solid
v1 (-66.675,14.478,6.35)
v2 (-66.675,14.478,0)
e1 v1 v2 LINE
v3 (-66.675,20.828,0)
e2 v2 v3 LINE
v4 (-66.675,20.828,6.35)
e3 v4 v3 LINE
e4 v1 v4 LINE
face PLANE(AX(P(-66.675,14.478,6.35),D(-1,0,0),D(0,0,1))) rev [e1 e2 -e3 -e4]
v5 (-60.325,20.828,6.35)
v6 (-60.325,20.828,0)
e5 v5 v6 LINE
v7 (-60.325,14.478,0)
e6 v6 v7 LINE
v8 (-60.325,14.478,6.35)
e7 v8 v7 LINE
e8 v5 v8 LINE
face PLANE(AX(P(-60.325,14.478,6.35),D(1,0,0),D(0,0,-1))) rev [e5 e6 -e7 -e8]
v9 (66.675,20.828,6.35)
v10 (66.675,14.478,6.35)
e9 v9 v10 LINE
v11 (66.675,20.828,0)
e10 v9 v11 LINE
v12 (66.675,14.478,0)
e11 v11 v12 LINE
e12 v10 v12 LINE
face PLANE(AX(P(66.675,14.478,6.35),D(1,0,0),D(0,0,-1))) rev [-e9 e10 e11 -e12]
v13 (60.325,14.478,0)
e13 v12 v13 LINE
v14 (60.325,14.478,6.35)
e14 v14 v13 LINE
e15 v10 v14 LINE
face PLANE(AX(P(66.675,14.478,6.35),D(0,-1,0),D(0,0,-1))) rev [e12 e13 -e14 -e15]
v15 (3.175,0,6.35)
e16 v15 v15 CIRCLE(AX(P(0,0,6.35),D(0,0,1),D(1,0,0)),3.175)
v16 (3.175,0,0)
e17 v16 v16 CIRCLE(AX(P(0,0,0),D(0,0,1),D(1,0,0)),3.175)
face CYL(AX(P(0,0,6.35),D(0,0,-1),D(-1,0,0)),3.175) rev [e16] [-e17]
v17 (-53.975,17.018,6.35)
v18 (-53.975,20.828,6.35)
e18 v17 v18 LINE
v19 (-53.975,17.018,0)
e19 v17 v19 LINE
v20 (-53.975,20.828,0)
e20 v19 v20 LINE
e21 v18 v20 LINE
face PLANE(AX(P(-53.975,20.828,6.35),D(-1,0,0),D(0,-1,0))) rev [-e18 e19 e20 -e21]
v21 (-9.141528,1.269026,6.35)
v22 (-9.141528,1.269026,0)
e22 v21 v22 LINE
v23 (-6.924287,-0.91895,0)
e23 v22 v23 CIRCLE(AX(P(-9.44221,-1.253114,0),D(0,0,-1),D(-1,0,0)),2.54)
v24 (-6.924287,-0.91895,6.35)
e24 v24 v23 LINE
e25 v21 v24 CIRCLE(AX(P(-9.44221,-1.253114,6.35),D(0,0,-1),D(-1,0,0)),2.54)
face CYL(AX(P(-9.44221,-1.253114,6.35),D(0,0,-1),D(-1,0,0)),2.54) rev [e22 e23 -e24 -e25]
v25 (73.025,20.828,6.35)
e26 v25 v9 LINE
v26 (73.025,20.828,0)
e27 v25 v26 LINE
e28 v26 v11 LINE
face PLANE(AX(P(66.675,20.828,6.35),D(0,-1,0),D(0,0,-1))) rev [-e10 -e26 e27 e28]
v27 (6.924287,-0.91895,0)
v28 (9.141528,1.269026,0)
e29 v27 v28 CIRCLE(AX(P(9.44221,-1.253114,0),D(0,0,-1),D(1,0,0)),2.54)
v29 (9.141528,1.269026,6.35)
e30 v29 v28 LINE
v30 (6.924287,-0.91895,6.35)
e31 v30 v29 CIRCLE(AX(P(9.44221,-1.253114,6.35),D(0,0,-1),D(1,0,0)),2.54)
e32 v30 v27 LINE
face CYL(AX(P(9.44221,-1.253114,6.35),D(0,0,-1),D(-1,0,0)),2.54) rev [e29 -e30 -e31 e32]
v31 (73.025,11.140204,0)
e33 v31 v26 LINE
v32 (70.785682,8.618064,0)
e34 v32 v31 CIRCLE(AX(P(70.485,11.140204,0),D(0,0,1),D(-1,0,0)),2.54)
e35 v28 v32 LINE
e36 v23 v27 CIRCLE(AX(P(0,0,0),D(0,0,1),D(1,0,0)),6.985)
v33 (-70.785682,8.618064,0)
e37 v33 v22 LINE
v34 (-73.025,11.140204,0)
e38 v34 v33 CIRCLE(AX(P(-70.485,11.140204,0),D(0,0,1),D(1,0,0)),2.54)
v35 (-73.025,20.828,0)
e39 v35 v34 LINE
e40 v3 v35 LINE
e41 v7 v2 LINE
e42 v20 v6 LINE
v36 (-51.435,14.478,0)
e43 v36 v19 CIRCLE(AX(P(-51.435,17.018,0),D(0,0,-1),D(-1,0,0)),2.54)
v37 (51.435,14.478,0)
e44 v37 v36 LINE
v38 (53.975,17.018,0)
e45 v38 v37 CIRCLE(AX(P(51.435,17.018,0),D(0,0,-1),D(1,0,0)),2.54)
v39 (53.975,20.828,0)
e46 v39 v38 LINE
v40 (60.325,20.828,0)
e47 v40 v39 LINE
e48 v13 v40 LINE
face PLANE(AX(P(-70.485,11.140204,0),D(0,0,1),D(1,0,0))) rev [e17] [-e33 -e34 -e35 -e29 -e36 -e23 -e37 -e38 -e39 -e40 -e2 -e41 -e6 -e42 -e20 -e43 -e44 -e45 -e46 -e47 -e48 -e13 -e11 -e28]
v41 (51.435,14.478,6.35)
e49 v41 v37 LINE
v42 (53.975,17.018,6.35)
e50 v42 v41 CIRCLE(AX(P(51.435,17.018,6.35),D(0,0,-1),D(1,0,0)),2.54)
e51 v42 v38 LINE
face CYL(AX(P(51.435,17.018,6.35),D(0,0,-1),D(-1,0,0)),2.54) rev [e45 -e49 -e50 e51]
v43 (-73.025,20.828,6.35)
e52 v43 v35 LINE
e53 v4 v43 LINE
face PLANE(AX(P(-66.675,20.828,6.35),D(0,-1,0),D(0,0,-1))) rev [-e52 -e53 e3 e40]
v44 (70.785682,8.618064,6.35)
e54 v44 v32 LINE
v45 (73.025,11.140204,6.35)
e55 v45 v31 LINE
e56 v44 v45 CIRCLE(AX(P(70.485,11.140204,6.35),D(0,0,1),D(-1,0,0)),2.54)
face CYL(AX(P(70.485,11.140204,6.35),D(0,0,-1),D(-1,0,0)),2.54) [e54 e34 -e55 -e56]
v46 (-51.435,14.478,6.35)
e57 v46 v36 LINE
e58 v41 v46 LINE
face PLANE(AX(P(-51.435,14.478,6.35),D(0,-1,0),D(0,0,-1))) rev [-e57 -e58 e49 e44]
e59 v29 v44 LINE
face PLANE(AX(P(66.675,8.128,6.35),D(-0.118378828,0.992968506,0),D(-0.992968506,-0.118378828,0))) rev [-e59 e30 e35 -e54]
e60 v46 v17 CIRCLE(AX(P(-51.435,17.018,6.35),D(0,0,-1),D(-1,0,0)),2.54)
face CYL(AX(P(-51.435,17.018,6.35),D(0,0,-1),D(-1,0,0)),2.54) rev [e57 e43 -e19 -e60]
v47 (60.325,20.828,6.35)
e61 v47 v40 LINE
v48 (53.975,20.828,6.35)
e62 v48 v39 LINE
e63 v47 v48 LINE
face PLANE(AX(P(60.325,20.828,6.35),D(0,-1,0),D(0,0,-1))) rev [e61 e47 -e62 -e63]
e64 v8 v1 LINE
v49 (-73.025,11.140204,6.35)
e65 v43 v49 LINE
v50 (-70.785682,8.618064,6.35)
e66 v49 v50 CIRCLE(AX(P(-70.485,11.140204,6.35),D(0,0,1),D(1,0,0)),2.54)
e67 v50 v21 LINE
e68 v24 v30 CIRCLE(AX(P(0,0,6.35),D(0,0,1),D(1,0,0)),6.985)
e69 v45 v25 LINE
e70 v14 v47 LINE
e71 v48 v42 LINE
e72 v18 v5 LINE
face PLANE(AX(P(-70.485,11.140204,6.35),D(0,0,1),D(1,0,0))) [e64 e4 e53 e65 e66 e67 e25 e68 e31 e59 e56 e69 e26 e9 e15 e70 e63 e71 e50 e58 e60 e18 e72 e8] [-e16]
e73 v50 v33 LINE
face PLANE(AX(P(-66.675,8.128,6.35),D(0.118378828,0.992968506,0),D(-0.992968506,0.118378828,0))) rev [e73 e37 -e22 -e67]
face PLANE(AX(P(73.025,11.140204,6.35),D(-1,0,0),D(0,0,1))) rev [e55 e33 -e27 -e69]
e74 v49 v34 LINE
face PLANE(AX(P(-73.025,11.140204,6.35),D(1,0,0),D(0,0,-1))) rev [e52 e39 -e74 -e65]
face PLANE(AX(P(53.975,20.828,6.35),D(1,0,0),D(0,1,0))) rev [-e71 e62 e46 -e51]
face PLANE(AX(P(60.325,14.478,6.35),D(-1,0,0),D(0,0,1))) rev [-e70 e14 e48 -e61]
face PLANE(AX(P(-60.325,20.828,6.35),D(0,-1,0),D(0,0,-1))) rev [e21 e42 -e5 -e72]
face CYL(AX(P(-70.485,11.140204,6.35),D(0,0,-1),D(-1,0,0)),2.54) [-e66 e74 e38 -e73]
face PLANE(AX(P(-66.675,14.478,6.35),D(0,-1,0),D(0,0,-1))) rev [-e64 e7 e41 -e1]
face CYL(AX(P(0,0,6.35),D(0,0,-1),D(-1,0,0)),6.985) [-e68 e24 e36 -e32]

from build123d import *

# Parameters (mm, degrees)
SKETCH1_R      = 3.175
EXTRUDE1_DEPTH = 6.35


with BuildPart() as part:
    # Sketch1 → Extrude1 (new body)
    with BuildSketch(Plane.XY):
        with BuildLine():
            Line((-66.675, 8.128), (-9.141527829, 1.269026149))
            ThreePointArc((-9.141527829, 1.269026149), (-7.658129481, 0.554828765), (-6.924287371, -0.91895016))
            ThreePointArc((-6.924287371, -0.91895016), (0, -6.985), (6.924287371, -0.91895016))
            ThreePointArc((6.924287371, -0.91895016), (7.658129481, 0.554828765), (9.141527829, 1.269026149))
            Line((9.141527829, 1.269026149), (66.675, 8.128))
            Line((66.675, 8.128), (70.785682223, 8.618063624))
            ThreePointArc((70.785682223, 8.618063624), (72.384385802, 9.453807003), (73.025, 11.140203628))
            Line((73.025, 11.140203628), (73.025, 20.828))
            Line((73.025, 20.828), (66.675, 20.828))
            Line((66.675, 20.828), (66.675, 14.478))
            Line((66.675, 14.478), (60.325, 14.478))
            Line((60.325, 14.478), (60.325, 20.828))
            Line((60.325, 20.828), (53.975, 20.828))
            Line((53.975, 20.828), (53.975, 17.018))
            ThreePointArc((53.975, 17.018), (53.231051224, 15.221948776), (51.435, 14.478))
            Line((51.435, 14.478), (-51.435, 14.478))
            ThreePointArc((-51.435, 14.478), (-53.231051224, 15.221948776), (-53.975, 17.018))
            Line((-53.975, 17.018), (-53.975, 20.828))
            Line((-53.975, 20.828), (-60.325, 20.828))
            Line((-60.325, 20.828), (-60.325, 14.478))
            Line((-60.325, 14.478), (-66.675, 14.478))
            Line((-66.675, 14.478), (-66.675, 20.828))
            Line((-66.675, 20.828), (-73.025, 20.828))
            Line((-73.025, 20.828), (-73.025, 11.140203628))
            ThreePointArc((-73.025, 11.140203628), (-72.384385802, 9.453807003), (-70.785682223, 8.618063624))
            Line((-70.785682223, 8.618063624), (-66.675, 8.128))
        make_face()
        Circle(SKETCH1_R, mode=Mode.SUBTRACT)
    extrude(amount=EXTRUDE1_DEPTH)


solid = part.part
